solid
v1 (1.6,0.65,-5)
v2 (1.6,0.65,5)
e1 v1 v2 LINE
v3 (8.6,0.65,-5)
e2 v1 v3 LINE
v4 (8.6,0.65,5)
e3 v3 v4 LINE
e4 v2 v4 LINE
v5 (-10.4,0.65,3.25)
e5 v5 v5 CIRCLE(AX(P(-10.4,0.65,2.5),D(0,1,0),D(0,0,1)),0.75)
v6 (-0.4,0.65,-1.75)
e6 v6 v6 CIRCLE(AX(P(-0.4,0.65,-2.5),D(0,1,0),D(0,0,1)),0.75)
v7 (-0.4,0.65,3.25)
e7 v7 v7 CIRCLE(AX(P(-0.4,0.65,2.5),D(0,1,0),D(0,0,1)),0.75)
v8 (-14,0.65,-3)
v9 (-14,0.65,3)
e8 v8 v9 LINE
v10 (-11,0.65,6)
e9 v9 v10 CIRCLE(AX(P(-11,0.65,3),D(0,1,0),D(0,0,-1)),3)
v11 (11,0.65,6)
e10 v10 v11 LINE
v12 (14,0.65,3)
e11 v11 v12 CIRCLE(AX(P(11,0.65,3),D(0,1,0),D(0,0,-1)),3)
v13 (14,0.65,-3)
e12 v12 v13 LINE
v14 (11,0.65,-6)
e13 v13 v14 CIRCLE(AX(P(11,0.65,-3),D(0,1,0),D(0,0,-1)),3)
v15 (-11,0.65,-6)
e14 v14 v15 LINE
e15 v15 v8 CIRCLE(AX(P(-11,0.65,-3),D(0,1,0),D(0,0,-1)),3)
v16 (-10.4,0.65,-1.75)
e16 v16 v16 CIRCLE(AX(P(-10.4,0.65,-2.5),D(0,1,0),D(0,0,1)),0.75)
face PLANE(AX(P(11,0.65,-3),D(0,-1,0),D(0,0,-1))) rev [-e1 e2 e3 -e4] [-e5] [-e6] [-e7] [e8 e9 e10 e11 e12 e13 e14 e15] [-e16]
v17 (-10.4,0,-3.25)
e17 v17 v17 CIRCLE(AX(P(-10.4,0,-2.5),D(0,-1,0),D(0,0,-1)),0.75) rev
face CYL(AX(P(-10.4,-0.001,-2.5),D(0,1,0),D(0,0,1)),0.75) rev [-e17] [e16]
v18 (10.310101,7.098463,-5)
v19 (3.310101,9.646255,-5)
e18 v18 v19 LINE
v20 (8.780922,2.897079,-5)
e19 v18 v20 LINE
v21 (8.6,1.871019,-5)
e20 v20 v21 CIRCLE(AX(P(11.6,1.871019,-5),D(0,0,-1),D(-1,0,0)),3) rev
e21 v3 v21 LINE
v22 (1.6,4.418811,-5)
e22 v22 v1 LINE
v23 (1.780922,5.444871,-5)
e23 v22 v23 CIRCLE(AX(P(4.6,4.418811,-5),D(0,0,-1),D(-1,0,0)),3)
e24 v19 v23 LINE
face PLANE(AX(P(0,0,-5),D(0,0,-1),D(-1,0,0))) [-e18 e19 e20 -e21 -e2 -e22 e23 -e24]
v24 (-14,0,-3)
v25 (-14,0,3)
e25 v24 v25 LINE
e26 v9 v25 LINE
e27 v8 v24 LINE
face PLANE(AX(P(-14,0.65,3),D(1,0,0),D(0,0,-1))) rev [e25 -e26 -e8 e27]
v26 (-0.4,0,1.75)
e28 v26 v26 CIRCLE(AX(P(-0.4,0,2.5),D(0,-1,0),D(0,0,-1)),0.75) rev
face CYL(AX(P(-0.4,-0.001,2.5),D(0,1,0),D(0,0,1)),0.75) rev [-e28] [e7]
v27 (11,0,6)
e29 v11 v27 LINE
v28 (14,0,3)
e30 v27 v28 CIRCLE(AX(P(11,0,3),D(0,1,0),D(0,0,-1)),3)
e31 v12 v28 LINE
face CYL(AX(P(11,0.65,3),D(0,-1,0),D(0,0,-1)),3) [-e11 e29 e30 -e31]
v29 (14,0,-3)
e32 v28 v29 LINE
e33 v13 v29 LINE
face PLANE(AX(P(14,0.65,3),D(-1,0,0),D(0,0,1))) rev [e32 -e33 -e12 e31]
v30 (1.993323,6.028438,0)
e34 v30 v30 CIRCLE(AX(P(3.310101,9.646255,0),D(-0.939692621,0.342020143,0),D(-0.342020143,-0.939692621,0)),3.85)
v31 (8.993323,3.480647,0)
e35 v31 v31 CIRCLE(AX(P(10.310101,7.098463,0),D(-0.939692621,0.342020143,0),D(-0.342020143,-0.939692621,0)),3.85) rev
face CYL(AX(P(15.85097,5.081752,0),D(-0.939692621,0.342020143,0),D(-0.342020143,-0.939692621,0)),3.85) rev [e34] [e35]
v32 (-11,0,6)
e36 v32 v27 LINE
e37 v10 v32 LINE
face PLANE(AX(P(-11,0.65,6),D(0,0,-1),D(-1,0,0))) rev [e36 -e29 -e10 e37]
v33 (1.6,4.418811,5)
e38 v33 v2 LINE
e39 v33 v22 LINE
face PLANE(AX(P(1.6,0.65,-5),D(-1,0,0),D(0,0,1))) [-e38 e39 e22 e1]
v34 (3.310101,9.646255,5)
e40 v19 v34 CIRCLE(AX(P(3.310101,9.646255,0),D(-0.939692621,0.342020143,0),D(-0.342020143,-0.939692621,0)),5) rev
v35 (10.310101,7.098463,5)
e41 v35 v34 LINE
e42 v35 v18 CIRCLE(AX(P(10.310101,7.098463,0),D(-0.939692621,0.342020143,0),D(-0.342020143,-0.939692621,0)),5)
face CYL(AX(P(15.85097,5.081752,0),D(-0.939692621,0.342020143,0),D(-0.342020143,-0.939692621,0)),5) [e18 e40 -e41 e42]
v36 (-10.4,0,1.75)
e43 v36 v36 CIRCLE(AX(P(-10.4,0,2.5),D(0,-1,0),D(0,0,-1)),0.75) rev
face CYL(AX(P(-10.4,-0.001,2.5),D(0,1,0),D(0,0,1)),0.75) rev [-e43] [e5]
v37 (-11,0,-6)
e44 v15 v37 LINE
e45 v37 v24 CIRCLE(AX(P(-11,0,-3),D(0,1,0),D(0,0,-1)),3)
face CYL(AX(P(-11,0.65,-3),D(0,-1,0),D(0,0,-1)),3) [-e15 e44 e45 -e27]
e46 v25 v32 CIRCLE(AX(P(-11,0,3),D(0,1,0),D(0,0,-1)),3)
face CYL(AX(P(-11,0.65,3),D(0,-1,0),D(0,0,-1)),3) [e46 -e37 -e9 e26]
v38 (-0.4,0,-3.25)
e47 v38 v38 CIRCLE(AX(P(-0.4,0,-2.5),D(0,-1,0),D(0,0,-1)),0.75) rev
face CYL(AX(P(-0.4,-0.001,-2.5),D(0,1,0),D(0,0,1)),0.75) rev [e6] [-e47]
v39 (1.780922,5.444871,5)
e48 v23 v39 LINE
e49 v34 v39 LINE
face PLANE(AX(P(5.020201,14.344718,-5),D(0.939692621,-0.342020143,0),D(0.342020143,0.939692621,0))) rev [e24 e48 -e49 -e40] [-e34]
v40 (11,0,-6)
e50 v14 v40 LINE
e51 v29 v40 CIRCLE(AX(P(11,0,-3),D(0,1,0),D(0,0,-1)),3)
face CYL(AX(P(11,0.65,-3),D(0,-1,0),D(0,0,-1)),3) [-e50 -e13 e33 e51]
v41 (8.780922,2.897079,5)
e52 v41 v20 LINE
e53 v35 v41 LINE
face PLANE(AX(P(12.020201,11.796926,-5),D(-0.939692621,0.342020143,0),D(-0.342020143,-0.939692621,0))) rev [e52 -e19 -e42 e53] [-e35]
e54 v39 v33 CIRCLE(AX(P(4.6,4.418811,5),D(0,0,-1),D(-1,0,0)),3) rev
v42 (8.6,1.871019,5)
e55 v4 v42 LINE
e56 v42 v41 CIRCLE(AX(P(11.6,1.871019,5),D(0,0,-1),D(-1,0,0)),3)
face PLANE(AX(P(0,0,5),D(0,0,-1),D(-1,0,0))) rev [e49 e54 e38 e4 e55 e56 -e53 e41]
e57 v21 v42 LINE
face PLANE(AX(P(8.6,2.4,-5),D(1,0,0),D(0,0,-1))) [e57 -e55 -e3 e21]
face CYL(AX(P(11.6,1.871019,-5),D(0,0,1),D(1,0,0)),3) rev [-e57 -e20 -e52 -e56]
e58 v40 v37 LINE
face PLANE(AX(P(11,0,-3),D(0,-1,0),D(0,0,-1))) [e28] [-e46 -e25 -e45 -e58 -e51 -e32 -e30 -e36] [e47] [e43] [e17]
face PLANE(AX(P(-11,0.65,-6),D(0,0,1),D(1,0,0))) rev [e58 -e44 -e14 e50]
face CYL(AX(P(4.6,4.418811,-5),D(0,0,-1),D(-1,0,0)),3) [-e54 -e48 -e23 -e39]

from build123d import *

# Parameters (mm, degrees)
BOSS_EXTRUDE1_DEPTH = 0.65
BOSS_EXTRUDE2_DEPTH = 10
SKETCH9_W           = 7.449244408
SKETCH9_H           = 10
BOSS_EXTRUDE3_DEPTH = 10
CUT_EXTRUDE1_REACH  = 15.344
SKETCH10_R          = 3.85
CUT_EXTRUDE2_REACH  = 2.65
SKETCH6_R           = 0.75
FILLET1_R           = 3


with BuildPart() as part:
    # Sketch1 → Boss-Extrude1 (new body)
    with BuildSketch(Plane(origin=(0, 0, 0), x_dir=(1, 0, 0), z_dir=(0, 1, 0))):
        with BuildLine():
            Line((-11, -6), (11, -6))
            ThreePointArc((11, -6), (13.121320344, -5.121320344), (14, -3))
            Line((14, -3), (14, 3))
            ThreePointArc((14, 3), (13.121320344, 5.121320344), (11, 6))
            Line((11, 6), (-11, 6))
            ThreePointArc((-11, 6), (-13.121320344, 5.121320344), (-14, 3))
            Line((-14, 3), (-14, -3))
            ThreePointArc((-14, -3), (-13.121320344, -5.121320344), (-11, -6))
        make_face()
    extrude(amount=BOSS_EXTRUDE1_DEPTH)

    # Sketch8 → Boss-Extrude2 (add)
    with BuildSketch(Plane.XY.offset(5)):
        Polygon((1.6, 0.65), (1.6, 4.94779164), (8.6, 2.4), (8.6, 0.65), align=None)
    extrude(amount=-BOSS_EXTRUDE2_DEPTH)

    # Sketch9 → Boss-Extrude3 (add)
    with BuildSketch(Plane(origin=(1.777354026, 4.883240053, 0), x_dir=(0.939692621, -0.342020143, 0), z_dir=(0.342020143, 0.939692621, 0))):
        with Locations((3.535885991, 0)):
            Rectangle(SKETCH9_W, SKETCH9_H)
    extrude(amount=BOSS_EXTRUDE3_DEPTH)

    # Sketch10 → Cut-Extrude1 (cut, up to next)
    with BuildSketch(Plane(origin=(-0.177354026, 0.064551586, 0), x_dir=(0, 0, 1), z_dir=(-0.939692621, 0.342020143, 0)), mode=Mode.PRIVATE) as cut_extrude1_sk1:
        with BuildLine():
            Line((5, 15.196635522), (-6.8e-08, 15.196635522))
            ThreePointArc((-6.8e-08, 15.196635522), (3.535533882, 13.732169453), (5, 10.196635522))
            Line((5, 10.196635522), (5, 15.196635522))
        make_face()
    cut_extrude1_tool1 = extrude(cut_extrude1_sk1.sketch, amount=-CUT_EXTRUDE1_REACH, mode=Mode.PRIVATE) & part.part
    add(cut_extrude1_tool1.solids().sort_by_distance((4.63822, 13.295232, 3.88316))[0], mode=Mode.SUBTRACT)
    # Sketch10 → Cut-Extrude1 (cut, up to next)
    with BuildSketch(Plane(origin=(-0.177354026, 0.064551586, 0), x_dir=(0, 0, 1), z_dir=(-0.939692621, 0.342020143, 0)), mode=Mode.PRIVATE) as cut_extrude1_sk2:
        with BuildLine():
            Line((-5, 15.196635522), (-5, 10.196635522))
            ThreePointArc((-5, 10.196635522), (-3.53553393, 13.732169404), (-6.8e-08, 15.196635522))
            Line((-6.8e-08, 15.196635522), (-5, 15.196635522))
        make_face()
    cut_extrude1_tool2 = extrude(cut_extrude1_sk2.sketch, amount=-CUT_EXTRUDE1_REACH, mode=Mode.PRIVATE) & part.part
    add(cut_extrude1_tool2.solids().sort_by_distance((4.63822, 13.295232, -3.88316))[0], mode=Mode.SUBTRACT)
    # Sketch10 → Cut-Extrude1 (cut, up to next)
    with BuildSketch(Plane(origin=(-0.177354026, 0.064551586, 0), x_dir=(0, 0, 1), z_dir=(-0.939692621, 0.342020143, 0)), mode=Mode.PRIVATE) as cut_extrude1_sk3:
        with Locations((0, 10.196635522)):
            Circle(SKETCH10_R)
    cut_extrude1_tool3 = extrude(cut_extrude1_sk3.sketch, amount=-CUT_EXTRUDE1_REACH, mode=Mode.PRIVATE) & part.part
    add(cut_extrude1_tool3.solids().sort_by_distance((3.310101, 9.646255, 0))[0], mode=Mode.SUBTRACT)

    # Sketch6 → Cut-Extrude2 (cut, up to next)
    with BuildSketch(Plane(origin=(0, 0.65, 0), x_dir=(1, 0, 0), z_dir=(0, 1, 0)), mode=Mode.PRIVATE) as cut_extrude2_sk1:
        with Locations((-10.4, 2.5)):
            Circle(SKETCH6_R)
    cut_extrude2_tool1 = extrude(cut_extrude2_sk1.sketch, amount=-CUT_EXTRUDE2_REACH, mode=Mode.PRIVATE) & part.part
    add(cut_extrude2_tool1.solids().sort_by_distance((-10.4, 0.65, -2.5))[0], mode=Mode.SUBTRACT)
    # Sketch6 → Cut-Extrude2 (cut, up to next)
    with BuildSketch(Plane(origin=(0, 0.65, 0), x_dir=(1, 0, 0), z_dir=(0, 1, 0)), mode=Mode.PRIVATE) as cut_extrude2_sk2:
        with Locations((-0.4, 2.5)):
            Circle(SKETCH6_R)
    cut_extrude2_tool2 = extrude(cut_extrude2_sk2.sketch, amount=-CUT_EXTRUDE2_REACH, mode=Mode.PRIVATE) & part.part
    add(cut_extrude2_tool2.solids().sort_by_distance((-0.4, 0.65, -2.5))[0], mode=Mode.SUBTRACT)
    # Sketch6 → Cut-Extrude2 (cut, up to next)
    with BuildSketch(Plane(origin=(0, 0.65, 0), x_dir=(1, 0, 0), z_dir=(0, 1, 0)), mode=Mode.PRIVATE) as cut_extrude2_sk3:
        with Locations((-0.4, -2.5)):
            Circle(SKETCH6_R)
    cut_extrude2_tool3 = extrude(cut_extrude2_sk3.sketch, amount=-CUT_EXTRUDE2_REACH, mode=Mode.PRIVATE) & part.part
    add(cut_extrude2_tool3.solids().sort_by_distance((-0.4, 0.65, 2.5))[0], mode=Mode.SUBTRACT)
    # Sketch6 → Cut-Extrude2 (cut, up to next)
    with BuildSketch(Plane(origin=(0, 0.65, 0), x_dir=(1, 0, 0), z_dir=(0, 1, 0)), mode=Mode.PRIVATE) as cut_extrude2_sk4:
        with Locations((-10.4, -2.5)):
            Circle(SKETCH6_R)
    cut_extrude2_tool4 = extrude(cut_extrude2_sk4.sketch, amount=-CUT_EXTRUDE2_REACH, mode=Mode.PRIVATE) & part.part
    add(cut_extrude2_tool4.solids().sort_by_distance((-10.4, 0.65, 2.5))[0], mode=Mode.SUBTRACT)

    # Fillet1
    fillet1_edges = [part.edges().sort_by_distance(p)[0] for p in [
        (1.6, 4.94779164, 0),
        (8.6, 2.4, 0),
    ]]
    fillet(fillet1_edges, radius=FILLET1_R)


solid = part.part
